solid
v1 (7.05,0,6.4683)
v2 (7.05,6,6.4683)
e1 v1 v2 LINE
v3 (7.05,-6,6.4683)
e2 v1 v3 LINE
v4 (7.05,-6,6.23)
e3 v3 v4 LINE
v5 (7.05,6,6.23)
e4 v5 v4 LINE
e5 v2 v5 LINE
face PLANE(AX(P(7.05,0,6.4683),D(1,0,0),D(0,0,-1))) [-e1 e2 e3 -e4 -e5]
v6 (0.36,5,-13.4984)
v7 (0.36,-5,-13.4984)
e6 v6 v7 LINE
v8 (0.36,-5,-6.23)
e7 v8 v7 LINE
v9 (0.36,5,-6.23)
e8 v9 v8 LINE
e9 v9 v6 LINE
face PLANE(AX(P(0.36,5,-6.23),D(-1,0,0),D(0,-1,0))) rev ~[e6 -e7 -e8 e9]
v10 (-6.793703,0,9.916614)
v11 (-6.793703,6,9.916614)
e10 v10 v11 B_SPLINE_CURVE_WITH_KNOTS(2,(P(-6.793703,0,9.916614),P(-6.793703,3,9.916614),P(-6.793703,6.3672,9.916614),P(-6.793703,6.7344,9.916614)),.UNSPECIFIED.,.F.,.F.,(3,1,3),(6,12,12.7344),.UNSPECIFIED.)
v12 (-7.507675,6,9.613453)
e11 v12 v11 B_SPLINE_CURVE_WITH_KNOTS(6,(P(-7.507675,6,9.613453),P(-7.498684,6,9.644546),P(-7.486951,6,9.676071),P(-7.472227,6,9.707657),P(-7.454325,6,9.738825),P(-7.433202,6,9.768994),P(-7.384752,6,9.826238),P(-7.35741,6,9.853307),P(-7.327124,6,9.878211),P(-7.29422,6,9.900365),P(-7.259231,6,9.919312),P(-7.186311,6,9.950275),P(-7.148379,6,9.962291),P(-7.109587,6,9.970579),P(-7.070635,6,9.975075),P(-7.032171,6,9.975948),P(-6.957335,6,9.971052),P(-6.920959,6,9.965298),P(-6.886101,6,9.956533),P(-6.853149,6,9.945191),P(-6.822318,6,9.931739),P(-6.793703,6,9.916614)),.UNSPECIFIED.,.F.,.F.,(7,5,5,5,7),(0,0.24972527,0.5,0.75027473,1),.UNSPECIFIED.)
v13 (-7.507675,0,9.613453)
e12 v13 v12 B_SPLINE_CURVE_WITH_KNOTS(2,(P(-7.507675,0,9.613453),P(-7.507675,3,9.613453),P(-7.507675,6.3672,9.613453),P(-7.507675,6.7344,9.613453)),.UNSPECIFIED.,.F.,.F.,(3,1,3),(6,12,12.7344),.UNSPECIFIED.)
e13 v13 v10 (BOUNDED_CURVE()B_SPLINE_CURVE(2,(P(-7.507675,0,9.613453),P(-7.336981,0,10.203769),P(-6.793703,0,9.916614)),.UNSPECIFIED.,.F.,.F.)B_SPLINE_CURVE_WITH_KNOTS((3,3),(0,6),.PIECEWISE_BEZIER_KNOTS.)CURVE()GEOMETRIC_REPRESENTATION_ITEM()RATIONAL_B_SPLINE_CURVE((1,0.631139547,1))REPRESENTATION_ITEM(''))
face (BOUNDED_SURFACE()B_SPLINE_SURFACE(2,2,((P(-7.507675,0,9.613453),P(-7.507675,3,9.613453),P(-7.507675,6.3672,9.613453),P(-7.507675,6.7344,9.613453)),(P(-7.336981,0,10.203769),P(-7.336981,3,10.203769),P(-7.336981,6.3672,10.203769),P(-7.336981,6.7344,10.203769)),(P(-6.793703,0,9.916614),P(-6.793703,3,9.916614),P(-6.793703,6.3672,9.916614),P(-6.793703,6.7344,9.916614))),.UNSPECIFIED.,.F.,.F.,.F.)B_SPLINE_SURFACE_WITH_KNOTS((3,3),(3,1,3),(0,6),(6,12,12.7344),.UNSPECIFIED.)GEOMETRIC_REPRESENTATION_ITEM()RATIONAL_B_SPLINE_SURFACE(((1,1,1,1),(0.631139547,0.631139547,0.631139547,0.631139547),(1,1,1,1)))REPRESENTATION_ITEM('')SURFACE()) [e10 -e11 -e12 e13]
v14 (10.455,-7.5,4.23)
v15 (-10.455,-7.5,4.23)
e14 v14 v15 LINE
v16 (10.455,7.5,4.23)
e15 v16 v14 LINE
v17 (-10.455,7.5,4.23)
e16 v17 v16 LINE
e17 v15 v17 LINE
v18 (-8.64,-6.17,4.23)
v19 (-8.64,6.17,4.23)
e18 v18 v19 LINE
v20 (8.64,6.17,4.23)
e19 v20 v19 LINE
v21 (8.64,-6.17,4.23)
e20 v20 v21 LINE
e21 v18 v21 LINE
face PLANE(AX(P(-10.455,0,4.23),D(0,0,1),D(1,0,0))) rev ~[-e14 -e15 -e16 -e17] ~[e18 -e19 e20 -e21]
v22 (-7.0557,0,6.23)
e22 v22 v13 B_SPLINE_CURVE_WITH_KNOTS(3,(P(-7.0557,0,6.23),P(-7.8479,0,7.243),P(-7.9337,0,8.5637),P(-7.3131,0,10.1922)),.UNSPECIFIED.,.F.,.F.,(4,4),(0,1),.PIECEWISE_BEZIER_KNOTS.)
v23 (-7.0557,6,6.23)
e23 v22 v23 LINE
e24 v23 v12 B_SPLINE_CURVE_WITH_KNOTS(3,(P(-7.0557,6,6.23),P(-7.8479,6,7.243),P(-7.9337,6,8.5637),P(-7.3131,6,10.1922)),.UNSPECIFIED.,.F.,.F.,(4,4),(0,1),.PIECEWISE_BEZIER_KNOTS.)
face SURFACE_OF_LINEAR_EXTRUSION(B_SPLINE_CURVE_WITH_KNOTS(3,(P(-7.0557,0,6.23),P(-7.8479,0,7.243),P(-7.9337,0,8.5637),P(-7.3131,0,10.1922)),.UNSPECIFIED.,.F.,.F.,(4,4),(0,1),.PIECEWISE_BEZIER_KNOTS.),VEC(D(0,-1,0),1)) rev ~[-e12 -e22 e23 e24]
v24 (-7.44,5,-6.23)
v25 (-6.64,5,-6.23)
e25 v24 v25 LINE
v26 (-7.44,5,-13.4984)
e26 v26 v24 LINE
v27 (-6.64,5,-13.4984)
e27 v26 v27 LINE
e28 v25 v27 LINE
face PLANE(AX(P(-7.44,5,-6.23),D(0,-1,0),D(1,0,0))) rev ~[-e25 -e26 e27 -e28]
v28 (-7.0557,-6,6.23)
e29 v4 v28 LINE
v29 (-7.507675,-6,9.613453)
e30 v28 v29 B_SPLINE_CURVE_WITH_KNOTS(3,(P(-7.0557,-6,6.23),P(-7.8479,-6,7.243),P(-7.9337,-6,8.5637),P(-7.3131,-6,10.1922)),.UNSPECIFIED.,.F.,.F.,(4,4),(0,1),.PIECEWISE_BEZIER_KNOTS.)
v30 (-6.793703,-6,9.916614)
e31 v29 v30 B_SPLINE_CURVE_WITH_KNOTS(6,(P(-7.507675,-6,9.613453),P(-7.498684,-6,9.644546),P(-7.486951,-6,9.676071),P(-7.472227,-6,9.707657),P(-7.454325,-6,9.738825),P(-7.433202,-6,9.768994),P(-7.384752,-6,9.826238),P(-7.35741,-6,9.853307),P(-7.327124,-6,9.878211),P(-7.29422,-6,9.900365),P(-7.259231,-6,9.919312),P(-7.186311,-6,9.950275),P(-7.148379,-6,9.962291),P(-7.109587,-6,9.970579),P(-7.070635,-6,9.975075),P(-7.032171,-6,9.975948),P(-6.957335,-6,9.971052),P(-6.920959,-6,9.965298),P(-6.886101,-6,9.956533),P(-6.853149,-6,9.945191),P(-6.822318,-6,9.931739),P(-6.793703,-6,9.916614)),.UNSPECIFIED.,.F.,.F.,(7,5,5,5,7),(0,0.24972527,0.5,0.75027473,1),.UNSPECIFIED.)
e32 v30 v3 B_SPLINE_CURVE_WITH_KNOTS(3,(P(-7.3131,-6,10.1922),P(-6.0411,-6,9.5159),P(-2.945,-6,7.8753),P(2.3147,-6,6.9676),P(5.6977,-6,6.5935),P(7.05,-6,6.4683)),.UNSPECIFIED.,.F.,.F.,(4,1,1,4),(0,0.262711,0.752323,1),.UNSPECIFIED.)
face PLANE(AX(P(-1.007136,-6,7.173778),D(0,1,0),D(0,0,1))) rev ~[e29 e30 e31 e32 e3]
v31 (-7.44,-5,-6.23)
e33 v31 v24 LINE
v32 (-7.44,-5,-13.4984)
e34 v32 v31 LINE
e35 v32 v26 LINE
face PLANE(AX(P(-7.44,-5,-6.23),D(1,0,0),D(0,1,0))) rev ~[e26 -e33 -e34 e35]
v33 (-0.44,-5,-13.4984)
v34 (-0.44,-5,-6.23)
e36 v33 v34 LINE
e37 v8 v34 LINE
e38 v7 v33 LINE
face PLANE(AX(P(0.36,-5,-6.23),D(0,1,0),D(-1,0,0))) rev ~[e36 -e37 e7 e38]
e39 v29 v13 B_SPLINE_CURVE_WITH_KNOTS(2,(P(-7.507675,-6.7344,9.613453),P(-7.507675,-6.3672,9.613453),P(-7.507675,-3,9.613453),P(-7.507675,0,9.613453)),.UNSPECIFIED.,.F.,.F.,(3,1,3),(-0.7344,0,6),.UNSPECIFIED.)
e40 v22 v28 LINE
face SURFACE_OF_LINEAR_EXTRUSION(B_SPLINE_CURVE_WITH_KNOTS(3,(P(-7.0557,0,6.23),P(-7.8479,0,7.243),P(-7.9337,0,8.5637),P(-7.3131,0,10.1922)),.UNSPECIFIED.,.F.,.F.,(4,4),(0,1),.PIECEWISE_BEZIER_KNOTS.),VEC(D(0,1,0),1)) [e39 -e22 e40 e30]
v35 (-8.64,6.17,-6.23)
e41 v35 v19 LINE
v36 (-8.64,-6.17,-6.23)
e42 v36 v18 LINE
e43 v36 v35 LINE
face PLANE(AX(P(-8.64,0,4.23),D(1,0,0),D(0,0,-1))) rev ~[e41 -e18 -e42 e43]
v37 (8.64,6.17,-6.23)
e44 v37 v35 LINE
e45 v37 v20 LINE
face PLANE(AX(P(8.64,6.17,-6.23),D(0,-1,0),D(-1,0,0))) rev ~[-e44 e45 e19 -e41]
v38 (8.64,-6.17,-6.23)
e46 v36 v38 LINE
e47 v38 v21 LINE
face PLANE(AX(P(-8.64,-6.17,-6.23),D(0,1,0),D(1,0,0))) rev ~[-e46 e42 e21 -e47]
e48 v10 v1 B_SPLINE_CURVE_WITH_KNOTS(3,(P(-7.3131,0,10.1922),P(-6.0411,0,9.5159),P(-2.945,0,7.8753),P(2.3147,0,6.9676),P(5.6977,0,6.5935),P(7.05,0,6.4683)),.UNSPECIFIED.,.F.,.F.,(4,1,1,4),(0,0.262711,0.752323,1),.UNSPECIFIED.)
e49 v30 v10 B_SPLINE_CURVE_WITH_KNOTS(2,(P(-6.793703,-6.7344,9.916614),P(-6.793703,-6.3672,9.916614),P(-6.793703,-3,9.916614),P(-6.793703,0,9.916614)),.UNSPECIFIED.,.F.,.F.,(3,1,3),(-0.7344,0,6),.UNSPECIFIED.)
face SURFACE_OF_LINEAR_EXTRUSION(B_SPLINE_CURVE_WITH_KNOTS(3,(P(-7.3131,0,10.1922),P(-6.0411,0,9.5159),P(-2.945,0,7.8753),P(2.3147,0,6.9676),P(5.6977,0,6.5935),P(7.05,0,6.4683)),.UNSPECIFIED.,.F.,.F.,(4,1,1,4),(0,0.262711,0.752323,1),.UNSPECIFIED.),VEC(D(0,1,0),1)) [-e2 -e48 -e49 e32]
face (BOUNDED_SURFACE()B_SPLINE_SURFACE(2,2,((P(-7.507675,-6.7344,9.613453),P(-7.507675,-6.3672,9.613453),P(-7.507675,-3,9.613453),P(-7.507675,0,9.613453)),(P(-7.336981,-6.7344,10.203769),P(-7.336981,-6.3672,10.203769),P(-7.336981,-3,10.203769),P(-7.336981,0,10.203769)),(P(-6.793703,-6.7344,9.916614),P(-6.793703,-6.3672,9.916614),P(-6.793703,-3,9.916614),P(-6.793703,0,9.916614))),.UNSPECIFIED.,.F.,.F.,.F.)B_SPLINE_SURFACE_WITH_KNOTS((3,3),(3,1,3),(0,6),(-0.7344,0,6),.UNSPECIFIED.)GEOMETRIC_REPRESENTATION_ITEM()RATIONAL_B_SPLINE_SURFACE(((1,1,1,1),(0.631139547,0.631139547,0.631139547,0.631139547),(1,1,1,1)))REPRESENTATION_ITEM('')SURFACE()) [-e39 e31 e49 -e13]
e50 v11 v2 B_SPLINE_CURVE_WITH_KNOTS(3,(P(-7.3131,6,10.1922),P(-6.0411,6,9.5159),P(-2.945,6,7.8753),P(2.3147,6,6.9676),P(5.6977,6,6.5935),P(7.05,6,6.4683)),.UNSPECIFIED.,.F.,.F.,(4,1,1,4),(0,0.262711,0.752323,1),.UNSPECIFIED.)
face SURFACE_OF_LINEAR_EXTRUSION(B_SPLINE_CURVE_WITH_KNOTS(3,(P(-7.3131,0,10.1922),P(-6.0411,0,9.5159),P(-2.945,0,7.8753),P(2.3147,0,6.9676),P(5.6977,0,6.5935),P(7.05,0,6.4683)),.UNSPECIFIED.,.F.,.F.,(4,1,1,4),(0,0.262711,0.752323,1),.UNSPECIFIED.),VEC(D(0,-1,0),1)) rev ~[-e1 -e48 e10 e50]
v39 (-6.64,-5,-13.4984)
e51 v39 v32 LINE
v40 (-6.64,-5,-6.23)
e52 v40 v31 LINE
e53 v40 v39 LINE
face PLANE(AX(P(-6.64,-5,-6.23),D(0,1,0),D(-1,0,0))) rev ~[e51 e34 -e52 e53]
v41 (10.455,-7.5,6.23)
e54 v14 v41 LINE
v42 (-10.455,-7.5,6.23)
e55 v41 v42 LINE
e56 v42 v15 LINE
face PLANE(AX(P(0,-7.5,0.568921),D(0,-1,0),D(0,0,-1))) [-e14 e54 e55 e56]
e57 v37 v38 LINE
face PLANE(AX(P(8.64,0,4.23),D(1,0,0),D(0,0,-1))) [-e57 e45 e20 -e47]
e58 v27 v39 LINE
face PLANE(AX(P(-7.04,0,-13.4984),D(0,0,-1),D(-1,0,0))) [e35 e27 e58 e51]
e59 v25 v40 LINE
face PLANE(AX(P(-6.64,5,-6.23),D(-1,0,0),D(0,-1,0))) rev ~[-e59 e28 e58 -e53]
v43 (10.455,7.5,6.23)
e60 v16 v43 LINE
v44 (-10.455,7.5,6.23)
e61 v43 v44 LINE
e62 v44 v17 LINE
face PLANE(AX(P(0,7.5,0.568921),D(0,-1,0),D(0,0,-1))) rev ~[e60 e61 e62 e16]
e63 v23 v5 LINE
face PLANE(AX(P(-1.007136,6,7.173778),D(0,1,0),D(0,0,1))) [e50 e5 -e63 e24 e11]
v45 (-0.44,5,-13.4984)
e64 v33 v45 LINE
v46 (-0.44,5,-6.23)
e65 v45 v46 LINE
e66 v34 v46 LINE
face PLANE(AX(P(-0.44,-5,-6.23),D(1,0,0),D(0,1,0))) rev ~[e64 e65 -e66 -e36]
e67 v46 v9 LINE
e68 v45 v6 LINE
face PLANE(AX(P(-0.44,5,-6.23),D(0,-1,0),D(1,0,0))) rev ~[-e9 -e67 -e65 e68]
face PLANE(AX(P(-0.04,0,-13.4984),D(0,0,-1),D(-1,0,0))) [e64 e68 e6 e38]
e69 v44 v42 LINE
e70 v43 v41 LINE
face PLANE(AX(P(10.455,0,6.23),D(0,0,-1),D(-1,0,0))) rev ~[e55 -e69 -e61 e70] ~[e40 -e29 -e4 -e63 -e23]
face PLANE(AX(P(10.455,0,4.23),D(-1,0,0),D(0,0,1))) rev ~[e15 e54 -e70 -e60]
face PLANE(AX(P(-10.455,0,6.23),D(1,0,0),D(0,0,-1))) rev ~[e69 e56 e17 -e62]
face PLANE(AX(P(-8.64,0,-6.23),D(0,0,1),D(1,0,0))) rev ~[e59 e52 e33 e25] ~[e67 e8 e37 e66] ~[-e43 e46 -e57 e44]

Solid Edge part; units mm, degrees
sketch "Sketch1" plane through (0, 0, 0) normal (0, -1, 0) x (1, 0, 0)
  line L0 (-8.64, -6.23) -> (8.64, -6.23)
  line L1 (8.64, 4.23) -> (8.64, -6.23)
  line L2 (8.64, 4.23) -> (10.455, 4.23)
  line L3 (10.455, 4.23) -> (10.455, 6.23)
  line L4 (10.455, 6.23) -> (-10.455, 6.23)
  line L5 (-10.455, 6.23) -> (-10.455, 4.23)
  line L6 (-10.455, 4.23) -> (-8.64, 4.23)
  line L7 (-8.64, 4.23) -> (-8.64, -6.23)
  dimension "D1" = 2
  dimension "D2" = 17.28
extrude "Protrusion1" add sketch "Sketch1" along normal mid plane 15
sketch "Sketch2" plane through (0, 0, -6.23) normal (0, 0, -1) x (0, 1, 0)
  line L0 (-6.17, -8.64) -> (-7.5, -8.64)
  line L1 (-7.5, -8.64) -> (-7.5, 8.64)
  line L2 (-7.5, 8.64) -> (-6.17, 8.64)
  line L3 (-6.17, -8.64) -> (-6.17, 8.64)
  line L4 (6.17, 8.64) -> (7.5, 8.64)
  line L5 (7.5, 8.64) -> (7.5, -8.64)
  line L6 (7.5, -8.64) -> (6.17, -8.64)
  line L7 (6.17, 8.64) -> (6.17, -8.64)
extrude "Cutout1" cut sketch "Sketch2" against normal up to surface (10.46 mm away)
sketch "Sketch3" plane through (0, 0, -6.23) normal (0, 0, -1) x (1, 0, 0)
  line L0 (-7.44, -5) -> (-6.64, -5)
  line L1 (-6.64, -5) -> (-6.64, 5)
  line L2 (-6.64, 5) -> (-7.44, 5)
  line L3 (-7.44, 5) -> (-7.44, -5)
  line L4 (-0.44, -5) -> (0.36, -5)
  line L5 (0.36, -5) -> (0.36, 5)
  line L6 (0.36, 5) -> (-0.44, 5)
  line L7 (-0.44, 5) -> (-0.44, -5)
  dimension "D1" = 2
  dimension "D2" = 0.8
  dimension "D3" = 0.8
  dimension "D4" = 9
extrude "ExtrudedProtrusion_2" add sketch "Sketch3" along normal blind 7.2684 and the other way blind 4.6435
sketch "Sketch4" plane through (0, 0, 0) normal (0, -1, 0) x (1, 0, 0)
  spline S0 degree 3 poles (-7.0557, 6.23) (-7.8479, 7.243) (-7.9337, 8.5637) (-7.3131, 10.1922) knots 0 0 0 0 1 1 1 1
  spline S1 degree 3 poles (-7.3131, 10.1922) (-6.0411, 9.5159) (-2.945, 7.8753) (2.3147, 6.9676) (5.6977, 6.5935) (7.05, 6.4683) knots 0 0 0 0 0.262711 0.752323 1 1 1 1
  line L0 (7.05, 6.4683) -> (7.05, 6.23)
  line L1 (7.05, 6.23) -> (-7.037, 6.23)
  line L2 (-7.0557, 6.23) -> (-7.037, 6.23)
extrude "ExtrudedProtrusion_3" add sketch "Sketch4" along normal mid plane 12
fillet "Round_1" radius 0.5 1 edges at (-7.3131, 0, 10.1922)
